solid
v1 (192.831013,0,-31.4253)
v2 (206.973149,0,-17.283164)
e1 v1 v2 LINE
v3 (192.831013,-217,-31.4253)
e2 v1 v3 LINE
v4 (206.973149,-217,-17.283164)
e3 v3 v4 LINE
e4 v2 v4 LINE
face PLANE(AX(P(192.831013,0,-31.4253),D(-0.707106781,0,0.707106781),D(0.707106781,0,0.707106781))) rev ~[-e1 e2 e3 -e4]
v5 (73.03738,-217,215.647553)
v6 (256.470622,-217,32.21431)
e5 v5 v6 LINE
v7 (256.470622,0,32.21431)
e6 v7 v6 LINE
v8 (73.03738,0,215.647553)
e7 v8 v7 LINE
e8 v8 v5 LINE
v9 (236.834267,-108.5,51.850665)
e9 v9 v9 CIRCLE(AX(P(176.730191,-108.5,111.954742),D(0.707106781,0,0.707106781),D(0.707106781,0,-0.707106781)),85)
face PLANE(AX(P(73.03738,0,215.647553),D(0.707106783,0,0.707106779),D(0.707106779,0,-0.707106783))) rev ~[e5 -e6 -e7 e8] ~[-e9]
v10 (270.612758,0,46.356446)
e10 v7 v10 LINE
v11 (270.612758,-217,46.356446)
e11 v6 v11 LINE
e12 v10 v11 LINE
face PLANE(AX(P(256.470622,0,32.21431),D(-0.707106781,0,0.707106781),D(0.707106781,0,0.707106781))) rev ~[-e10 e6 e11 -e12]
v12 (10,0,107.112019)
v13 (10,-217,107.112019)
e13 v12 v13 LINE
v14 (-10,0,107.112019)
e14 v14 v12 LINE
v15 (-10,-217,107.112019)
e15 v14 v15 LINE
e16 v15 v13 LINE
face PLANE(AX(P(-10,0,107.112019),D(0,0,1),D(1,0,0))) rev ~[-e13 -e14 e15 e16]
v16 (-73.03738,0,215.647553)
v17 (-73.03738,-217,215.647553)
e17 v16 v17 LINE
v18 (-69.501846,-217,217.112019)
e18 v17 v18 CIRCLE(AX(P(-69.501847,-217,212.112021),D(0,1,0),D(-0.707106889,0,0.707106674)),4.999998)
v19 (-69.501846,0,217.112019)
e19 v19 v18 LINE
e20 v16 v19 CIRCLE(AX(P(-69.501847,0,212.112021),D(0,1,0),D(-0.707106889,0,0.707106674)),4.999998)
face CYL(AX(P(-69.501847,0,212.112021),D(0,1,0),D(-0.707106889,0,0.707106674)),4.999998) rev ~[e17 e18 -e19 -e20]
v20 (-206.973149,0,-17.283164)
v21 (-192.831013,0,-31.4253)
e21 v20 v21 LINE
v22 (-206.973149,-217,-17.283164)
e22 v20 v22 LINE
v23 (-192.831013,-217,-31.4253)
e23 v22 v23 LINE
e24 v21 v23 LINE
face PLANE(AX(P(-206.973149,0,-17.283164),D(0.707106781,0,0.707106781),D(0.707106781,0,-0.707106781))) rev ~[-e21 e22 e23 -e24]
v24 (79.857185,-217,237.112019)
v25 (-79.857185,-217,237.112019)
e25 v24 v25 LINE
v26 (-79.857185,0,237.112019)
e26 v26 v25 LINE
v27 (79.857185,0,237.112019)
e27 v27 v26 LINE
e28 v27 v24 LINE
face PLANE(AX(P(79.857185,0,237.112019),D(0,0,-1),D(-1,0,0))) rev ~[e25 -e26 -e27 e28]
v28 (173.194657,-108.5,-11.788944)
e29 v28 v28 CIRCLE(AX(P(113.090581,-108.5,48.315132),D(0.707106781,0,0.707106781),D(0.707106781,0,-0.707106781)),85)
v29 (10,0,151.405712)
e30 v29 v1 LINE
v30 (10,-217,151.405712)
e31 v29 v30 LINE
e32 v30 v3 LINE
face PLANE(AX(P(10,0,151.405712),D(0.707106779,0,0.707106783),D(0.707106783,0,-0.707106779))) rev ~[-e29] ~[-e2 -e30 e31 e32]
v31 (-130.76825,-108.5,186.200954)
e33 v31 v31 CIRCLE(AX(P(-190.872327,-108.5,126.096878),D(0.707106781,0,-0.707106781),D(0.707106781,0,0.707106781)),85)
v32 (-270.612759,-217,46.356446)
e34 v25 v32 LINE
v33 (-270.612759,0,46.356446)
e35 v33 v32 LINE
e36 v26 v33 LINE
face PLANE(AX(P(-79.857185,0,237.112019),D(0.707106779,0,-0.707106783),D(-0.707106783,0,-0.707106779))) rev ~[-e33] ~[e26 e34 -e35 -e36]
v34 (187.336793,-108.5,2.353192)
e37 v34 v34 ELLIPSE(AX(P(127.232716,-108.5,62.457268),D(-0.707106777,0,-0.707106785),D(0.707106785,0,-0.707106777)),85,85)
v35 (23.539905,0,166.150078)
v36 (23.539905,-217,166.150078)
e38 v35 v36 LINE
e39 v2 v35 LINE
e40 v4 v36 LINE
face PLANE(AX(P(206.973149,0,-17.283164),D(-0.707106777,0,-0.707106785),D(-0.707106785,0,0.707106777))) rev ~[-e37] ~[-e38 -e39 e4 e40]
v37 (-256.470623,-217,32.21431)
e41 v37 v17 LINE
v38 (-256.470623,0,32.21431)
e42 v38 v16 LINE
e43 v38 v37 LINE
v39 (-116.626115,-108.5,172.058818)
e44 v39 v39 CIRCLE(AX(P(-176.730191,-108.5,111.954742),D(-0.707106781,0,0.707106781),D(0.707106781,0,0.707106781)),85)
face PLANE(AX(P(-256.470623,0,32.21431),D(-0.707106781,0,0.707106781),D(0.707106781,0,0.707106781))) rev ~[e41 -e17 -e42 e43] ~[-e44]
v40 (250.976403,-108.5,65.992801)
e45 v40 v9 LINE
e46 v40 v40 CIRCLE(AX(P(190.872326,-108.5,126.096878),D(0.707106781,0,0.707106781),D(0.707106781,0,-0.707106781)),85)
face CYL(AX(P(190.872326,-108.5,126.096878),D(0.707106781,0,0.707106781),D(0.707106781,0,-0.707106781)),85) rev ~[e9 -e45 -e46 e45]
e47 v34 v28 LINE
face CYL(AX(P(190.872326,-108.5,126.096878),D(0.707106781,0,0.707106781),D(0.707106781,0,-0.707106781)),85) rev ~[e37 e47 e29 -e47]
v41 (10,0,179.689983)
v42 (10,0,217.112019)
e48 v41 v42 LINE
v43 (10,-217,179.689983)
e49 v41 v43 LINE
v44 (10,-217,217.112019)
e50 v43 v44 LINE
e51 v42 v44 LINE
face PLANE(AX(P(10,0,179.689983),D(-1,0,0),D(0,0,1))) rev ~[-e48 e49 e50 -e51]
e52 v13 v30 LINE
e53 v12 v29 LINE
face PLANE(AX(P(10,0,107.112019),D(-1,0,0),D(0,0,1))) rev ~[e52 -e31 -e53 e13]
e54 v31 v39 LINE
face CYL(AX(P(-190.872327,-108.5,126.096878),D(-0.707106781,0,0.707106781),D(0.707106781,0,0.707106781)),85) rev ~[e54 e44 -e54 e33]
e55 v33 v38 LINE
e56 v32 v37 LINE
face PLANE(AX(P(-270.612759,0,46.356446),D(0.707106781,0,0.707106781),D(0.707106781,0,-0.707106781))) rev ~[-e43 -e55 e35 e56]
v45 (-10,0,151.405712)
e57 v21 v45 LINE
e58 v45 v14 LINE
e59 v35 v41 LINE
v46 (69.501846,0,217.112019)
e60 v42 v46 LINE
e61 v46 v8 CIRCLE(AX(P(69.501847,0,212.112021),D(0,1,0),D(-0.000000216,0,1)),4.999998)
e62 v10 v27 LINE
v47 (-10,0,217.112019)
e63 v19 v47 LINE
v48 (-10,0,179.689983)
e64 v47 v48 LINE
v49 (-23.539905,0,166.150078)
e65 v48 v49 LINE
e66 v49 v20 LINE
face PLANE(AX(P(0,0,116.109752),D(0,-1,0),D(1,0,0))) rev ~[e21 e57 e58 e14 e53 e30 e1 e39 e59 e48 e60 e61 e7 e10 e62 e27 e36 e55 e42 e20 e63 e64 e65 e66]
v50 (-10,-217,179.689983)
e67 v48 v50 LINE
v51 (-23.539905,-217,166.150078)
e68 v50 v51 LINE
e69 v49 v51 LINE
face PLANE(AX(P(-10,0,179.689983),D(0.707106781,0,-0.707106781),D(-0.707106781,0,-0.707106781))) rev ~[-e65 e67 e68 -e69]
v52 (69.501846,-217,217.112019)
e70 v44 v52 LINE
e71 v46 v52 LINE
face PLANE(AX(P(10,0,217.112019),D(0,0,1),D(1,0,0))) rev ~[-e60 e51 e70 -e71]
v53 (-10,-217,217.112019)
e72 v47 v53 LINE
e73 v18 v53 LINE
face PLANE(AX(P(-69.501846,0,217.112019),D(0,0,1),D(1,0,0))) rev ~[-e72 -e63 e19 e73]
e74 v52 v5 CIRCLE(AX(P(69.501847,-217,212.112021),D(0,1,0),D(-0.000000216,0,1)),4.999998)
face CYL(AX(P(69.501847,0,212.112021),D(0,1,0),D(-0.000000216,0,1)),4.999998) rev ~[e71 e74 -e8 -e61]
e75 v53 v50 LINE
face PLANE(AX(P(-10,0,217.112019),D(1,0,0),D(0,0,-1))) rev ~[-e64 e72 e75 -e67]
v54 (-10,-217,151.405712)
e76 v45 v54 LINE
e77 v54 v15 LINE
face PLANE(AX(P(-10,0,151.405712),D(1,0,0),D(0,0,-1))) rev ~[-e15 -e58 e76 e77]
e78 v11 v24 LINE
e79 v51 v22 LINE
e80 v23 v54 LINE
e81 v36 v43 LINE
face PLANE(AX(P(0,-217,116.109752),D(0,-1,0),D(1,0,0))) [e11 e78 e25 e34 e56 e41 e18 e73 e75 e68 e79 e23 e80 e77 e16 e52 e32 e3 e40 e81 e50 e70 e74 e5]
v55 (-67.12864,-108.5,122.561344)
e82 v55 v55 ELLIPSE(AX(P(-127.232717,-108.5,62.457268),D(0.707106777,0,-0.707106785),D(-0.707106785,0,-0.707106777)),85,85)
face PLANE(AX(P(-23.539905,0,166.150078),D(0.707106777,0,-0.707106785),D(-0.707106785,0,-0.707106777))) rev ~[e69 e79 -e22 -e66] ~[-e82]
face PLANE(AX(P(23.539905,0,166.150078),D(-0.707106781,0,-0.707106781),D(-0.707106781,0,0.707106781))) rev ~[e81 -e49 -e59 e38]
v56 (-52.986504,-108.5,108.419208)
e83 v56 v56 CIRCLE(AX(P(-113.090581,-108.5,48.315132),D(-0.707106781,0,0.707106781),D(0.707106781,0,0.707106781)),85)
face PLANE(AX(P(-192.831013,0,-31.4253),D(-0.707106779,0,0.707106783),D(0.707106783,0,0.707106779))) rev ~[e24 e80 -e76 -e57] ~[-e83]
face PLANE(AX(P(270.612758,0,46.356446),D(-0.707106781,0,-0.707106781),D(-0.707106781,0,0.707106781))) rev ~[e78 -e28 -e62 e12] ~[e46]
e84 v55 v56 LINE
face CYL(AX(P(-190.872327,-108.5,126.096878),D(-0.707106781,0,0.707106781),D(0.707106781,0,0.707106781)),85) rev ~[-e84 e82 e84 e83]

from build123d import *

# Parameters (mm, degrees)
F1_DEPTH = 217
F2_R     = 85
F3_DEPTH = 120
F4_R     = 85
F5_DEPTH = 120


with BuildPart() as f1:
    # F0 (on Front) → F1 (new body)
    with BuildSketch(Plane.XZ):
        with BuildLine():
            Line((-79.857185, 237.112019), (-270.612759, 46.356446))
            Line((-270.612759, 46.356446), (-256.470623, 32.21431))
            Line((-256.470623, 32.21431), (-73.03738, 215.647553))
            ThreePointArc((-73.03738, 215.647553), (-71.415263, 216.731417), (-69.501846, 217.112019))
            Line((-69.501846, 217.112019), (-10, 217.112019))
            Line((-10, 217.112019), (-10, 179.689983))
            Line((-10, 179.689983), (-23.539905, 166.150078))
            Line((-23.539905, 166.150078), (-206.973149, -17.283164))
            Line((-206.973149, -17.283164), (-192.831013, -31.4253))
            Line((-192.831013, -31.4253), (-10, 151.405712))
            Line((-10, 151.405712), (-10, 107.112019))
            Line((-10, 107.112019), (0, 107.112019))
            Line((0, 107.112019), (10, 107.112019))
            Line((10, 107.112019), (10, 151.405712))
            Line((10, 151.405712), (192.831013, -31.4253))
            Line((192.831013, -31.4253), (206.973149, -17.283164))
            Line((206.973149, -17.283164), (23.539905, 166.150078))
            Line((23.539905, 166.150078), (10, 179.689983))
            Line((10, 179.689983), (10, 217.112019))
            Line((10, 217.112019), (69.501846, 217.112019))
            ThreePointArc((69.501846, 217.112019), (71.415263, 216.731417), (73.03738, 215.647553))
            Line((73.03738, 215.647553), (256.470622, 32.21431))
            Line((256.470622, 32.21431), (270.612758, 46.356446))
            Line((270.612758, 46.356446), (79.857185, 237.112019))
            Line((79.857185, 237.112019), (-79.857185, 237.112019))
        make_face()
    extrude(amount=F1_DEPTH)

    # F2 (on face) → F3 (cut)
    with BuildSketch(Plane(origin=(-158.484602, 0, 158.484603), x_dir=(0.707107, 0, 0.707107), z_dir=(-0.707107, 0, 0.707107))):
        with Locations((-45.80316, -108.5)):
            Circle(F2_R)
    extrude(amount=-F3_DEPTH, mode=Mode.SUBTRACT)

    # F4 (on face) → F5 (cut)
    with BuildSketch(Plane(origin=(158.484602, 0, 158.484602), x_dir=(0.707107, 0, -0.707107), z_dir=(0.707107, 0, 0.707107))):
        with Locations((45.803159, -108.5)):
            Circle(F4_R)
    extrude(amount=-F5_DEPTH, mode=Mode.SUBTRACT)


solid = f1.part
